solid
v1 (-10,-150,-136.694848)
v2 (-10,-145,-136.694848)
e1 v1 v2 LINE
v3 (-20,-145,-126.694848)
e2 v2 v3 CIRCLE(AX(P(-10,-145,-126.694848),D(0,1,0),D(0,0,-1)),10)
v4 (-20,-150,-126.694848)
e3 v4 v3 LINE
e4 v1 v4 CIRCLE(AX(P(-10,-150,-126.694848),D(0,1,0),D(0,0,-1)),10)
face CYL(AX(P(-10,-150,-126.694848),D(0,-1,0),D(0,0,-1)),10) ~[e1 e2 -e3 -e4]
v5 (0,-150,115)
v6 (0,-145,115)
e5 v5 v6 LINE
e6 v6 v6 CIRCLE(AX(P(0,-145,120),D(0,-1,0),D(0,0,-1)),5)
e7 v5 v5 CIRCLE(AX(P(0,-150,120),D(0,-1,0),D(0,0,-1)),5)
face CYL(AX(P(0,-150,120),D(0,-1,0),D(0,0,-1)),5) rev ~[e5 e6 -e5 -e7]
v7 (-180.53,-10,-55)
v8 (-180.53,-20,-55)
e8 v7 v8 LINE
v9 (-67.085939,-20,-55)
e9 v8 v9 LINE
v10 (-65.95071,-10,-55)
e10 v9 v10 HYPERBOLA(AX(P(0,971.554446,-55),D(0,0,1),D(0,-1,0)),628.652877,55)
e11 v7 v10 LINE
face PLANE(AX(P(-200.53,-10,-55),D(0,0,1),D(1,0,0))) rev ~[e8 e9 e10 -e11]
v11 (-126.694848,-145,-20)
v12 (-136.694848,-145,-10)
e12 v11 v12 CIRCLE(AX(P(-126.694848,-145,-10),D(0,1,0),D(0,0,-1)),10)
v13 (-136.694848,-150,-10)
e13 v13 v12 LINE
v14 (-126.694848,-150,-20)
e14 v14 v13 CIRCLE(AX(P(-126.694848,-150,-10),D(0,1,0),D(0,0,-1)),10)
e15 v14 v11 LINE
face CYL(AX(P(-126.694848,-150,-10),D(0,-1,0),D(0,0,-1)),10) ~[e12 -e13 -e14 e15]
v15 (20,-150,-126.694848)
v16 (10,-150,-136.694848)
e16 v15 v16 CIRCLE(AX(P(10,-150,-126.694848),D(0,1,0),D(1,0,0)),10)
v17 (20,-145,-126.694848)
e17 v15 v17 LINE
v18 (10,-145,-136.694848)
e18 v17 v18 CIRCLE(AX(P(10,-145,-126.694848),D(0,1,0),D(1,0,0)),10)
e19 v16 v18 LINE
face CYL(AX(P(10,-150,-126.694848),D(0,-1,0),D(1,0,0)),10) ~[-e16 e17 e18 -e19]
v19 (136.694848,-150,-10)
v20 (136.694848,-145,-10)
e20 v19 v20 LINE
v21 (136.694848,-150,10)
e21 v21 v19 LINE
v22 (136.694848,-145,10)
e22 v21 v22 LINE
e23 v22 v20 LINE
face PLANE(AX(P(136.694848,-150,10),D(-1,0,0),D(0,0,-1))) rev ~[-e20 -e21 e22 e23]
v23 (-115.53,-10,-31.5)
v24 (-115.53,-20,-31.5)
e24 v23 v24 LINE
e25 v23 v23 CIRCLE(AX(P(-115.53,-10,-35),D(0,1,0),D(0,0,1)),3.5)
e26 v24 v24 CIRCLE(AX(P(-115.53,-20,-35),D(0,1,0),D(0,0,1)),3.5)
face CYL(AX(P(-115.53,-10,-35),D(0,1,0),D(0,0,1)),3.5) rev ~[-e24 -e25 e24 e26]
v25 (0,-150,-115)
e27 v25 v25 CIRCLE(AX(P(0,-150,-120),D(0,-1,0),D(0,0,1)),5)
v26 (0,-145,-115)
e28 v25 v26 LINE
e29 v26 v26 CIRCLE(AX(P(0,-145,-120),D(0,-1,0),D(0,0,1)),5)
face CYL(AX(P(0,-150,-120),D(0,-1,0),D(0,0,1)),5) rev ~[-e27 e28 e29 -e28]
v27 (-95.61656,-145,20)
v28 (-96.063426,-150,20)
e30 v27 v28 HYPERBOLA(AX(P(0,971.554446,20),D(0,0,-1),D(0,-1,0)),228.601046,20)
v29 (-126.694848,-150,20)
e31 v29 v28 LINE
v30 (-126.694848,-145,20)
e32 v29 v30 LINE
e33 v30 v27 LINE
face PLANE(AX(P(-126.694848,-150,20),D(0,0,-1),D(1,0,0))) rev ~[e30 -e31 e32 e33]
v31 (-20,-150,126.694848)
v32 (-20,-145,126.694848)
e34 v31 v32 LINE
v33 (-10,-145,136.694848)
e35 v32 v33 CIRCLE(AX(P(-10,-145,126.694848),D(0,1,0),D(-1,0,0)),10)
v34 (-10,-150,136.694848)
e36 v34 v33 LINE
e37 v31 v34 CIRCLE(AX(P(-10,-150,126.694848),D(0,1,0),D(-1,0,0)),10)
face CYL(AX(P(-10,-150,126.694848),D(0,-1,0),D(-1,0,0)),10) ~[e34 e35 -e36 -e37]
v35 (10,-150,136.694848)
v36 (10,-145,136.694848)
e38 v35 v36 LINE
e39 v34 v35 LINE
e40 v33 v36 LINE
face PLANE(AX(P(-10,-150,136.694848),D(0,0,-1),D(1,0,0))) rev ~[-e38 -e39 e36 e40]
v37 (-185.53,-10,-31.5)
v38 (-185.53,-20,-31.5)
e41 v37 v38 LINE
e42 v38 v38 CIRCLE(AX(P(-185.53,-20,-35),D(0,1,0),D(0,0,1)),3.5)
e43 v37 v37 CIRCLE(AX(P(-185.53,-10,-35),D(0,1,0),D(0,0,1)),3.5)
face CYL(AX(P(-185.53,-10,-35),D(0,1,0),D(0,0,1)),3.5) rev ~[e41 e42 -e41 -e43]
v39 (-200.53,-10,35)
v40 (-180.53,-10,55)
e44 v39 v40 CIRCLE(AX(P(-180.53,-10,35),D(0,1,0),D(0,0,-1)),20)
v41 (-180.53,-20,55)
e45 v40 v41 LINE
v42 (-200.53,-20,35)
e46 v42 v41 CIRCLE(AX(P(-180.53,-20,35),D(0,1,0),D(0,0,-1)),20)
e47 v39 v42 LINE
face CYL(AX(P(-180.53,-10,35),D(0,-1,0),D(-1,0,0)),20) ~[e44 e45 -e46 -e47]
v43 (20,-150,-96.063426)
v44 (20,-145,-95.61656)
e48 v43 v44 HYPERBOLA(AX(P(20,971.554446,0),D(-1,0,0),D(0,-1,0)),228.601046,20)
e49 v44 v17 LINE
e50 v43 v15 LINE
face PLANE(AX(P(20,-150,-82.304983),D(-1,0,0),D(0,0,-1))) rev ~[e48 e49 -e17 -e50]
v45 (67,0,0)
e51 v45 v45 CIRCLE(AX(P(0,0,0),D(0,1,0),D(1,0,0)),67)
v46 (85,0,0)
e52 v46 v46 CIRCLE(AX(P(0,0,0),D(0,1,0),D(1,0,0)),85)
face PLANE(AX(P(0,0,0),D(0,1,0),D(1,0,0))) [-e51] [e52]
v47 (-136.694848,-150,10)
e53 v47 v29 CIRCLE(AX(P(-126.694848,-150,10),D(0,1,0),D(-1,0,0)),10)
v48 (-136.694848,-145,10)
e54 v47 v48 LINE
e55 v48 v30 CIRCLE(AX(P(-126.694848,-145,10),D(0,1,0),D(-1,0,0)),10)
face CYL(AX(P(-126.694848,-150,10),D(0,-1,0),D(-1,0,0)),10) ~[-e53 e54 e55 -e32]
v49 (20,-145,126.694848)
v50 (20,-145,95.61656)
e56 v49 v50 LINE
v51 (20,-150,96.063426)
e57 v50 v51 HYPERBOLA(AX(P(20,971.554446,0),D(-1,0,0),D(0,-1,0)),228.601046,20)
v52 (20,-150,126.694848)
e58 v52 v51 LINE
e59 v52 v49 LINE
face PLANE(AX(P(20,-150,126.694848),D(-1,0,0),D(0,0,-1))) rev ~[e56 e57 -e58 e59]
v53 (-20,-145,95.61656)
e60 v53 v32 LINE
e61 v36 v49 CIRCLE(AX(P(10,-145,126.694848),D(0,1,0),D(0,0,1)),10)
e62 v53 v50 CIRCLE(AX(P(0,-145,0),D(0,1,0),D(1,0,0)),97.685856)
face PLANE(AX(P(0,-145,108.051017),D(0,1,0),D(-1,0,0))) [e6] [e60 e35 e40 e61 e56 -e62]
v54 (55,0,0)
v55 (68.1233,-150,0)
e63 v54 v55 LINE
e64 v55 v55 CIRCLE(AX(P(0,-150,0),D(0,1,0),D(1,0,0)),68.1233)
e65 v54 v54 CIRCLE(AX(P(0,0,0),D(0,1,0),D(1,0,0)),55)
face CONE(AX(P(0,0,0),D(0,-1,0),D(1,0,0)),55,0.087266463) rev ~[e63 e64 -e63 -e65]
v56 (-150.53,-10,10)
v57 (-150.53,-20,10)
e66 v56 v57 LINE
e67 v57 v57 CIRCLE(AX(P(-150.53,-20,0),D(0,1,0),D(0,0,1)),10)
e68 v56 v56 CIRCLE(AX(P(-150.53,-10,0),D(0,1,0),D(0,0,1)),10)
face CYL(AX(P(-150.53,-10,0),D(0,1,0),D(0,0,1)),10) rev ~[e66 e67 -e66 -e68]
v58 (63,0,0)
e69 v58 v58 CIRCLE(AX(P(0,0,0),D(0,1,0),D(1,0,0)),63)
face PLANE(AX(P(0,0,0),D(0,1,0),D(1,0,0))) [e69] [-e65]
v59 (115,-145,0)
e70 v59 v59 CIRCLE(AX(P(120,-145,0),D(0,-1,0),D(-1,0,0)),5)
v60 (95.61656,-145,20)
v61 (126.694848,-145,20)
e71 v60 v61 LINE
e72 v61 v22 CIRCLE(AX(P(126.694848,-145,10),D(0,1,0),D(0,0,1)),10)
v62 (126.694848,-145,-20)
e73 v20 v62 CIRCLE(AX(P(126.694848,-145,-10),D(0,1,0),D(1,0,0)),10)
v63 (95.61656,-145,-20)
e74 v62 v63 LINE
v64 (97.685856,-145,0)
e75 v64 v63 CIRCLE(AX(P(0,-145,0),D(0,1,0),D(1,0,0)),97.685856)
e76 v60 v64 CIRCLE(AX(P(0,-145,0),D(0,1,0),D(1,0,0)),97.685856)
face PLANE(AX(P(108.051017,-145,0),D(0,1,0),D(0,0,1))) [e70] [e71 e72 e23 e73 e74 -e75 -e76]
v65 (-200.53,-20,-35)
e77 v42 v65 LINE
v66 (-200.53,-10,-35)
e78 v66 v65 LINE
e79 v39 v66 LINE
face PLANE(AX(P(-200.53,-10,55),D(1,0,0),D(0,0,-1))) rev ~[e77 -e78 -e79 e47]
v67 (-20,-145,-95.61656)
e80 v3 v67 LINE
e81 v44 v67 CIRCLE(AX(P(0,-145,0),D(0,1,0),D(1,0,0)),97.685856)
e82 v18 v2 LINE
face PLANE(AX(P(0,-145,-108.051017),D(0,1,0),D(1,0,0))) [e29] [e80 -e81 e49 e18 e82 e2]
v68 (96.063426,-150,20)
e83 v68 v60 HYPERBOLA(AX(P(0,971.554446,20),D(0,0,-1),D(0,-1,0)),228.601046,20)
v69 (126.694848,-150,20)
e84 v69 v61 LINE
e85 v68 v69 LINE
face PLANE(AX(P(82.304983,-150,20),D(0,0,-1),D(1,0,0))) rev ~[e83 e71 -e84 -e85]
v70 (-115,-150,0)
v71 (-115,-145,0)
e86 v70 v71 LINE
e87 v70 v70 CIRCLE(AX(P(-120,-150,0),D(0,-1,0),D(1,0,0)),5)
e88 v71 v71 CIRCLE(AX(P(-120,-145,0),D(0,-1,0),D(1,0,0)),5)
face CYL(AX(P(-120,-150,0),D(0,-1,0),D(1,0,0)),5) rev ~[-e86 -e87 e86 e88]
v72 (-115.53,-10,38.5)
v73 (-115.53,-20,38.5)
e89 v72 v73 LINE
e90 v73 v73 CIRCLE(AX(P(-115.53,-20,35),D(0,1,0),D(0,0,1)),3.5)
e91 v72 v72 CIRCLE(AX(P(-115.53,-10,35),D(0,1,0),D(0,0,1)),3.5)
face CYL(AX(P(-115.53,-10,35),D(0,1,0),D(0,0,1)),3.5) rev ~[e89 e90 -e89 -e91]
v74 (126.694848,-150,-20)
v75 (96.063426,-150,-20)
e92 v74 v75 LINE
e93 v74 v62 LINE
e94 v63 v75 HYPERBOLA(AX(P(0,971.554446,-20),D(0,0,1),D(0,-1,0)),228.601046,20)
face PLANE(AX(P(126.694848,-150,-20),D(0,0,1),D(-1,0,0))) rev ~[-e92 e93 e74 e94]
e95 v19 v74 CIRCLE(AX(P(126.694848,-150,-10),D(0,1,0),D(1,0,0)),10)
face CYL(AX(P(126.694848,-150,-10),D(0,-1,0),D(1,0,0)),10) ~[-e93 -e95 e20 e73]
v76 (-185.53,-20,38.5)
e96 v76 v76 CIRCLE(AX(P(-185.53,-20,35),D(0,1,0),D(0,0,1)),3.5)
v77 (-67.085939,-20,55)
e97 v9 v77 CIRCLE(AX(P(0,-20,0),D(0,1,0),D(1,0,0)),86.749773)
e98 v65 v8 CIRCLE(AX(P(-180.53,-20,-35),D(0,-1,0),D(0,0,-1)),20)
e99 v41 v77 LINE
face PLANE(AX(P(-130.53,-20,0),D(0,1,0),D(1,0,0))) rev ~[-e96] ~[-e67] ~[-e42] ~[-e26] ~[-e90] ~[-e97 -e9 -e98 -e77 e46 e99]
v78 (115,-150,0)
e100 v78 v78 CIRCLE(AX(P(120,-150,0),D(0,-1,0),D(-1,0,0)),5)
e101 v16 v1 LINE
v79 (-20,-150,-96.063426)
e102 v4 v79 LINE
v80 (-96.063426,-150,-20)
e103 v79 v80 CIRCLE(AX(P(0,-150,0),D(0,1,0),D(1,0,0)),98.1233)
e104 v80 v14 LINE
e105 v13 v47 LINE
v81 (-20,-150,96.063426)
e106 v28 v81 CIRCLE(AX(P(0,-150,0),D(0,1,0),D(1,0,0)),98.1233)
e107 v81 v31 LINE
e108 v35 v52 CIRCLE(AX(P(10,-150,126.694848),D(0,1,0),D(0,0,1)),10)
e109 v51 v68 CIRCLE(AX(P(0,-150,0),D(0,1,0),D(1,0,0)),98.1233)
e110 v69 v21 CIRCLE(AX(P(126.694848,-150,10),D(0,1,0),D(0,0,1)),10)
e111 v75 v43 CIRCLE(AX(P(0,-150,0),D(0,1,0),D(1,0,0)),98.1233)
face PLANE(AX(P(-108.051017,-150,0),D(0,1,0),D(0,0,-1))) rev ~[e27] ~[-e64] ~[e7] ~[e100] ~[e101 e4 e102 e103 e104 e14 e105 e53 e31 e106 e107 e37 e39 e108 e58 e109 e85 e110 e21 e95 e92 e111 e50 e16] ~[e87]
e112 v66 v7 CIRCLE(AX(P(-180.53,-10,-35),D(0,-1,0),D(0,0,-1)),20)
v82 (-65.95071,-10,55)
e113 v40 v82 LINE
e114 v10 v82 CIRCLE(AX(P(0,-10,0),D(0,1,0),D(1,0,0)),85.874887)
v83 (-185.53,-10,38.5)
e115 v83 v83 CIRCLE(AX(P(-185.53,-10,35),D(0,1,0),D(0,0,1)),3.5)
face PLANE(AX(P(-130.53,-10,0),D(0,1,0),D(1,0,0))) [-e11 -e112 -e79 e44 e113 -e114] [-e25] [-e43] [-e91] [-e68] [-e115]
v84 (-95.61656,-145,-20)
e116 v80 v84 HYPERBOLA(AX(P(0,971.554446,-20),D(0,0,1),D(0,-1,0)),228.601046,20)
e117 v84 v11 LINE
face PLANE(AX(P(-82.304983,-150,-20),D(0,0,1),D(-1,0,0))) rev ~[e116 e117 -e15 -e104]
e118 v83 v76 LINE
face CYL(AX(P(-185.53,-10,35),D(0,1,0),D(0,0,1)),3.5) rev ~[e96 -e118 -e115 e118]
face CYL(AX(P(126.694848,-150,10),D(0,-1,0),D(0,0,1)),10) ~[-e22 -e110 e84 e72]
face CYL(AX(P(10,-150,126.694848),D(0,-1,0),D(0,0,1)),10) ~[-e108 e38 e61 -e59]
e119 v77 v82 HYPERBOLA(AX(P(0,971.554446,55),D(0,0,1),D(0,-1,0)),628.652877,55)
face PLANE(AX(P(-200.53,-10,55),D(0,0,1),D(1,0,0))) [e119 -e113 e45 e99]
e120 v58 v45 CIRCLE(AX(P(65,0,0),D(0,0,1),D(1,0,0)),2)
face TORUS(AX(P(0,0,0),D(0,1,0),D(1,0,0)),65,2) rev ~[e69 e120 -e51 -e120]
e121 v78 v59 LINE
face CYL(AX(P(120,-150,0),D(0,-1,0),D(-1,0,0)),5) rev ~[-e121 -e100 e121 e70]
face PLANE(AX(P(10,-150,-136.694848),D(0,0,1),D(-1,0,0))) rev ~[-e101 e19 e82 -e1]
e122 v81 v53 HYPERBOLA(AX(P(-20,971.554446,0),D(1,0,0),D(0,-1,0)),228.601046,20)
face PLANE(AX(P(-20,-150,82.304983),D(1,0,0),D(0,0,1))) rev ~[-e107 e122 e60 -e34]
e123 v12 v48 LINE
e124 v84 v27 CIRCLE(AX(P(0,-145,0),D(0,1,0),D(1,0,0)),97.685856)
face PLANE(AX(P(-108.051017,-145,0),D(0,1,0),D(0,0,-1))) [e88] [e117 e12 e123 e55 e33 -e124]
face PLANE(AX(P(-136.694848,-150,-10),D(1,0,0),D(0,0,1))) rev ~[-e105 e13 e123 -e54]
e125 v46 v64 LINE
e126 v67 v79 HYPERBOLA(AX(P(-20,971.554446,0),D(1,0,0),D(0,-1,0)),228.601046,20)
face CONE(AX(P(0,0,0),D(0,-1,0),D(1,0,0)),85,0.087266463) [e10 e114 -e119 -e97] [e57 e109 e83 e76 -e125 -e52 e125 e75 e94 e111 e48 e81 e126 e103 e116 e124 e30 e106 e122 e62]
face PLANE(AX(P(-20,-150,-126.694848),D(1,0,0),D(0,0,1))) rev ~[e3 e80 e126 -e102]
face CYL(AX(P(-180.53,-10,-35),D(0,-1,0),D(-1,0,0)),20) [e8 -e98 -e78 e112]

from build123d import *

# Parameters (mm, degrees)
SKETCH1_R            = 85
BOSS_EXTRUDE1_DEPTH  = 150
BOSS_EXTRUDE1_DRAFT  = 5
CUT_SWEEP1_PROFILE_R = 2
SKETCH11_R           = 55
CUT_EXTRUDE1_DEPTH   = 150
CUT_EXTRUDE1_DRAFT   = 5
BOSS_EXTRUDE2_START  = -10
SKETCH13_W           = 140
SKETCH13_H           = 110
BOSS_EXTRUDE2_DEPTH  = 10
SKETCH14_R           = 10
CUT_EXTRUDE2_DEPTH   = 10
FILLET3_R            = 20
SKETCH15_R           = 3.5
CUT_EXTRUDE3_DEPTH   = 10
SKETCH17_R           = 5
BOSS_EXTRUDE3_DEPTH  = 5
CIRPATTERN1_COUNT    = 4


with BuildPart() as part:
    # Sketch1 → Boss-Extrude1 (with draft: the straight prism first)
    with BuildSketch(Plane(origin=(0, 0, 0), x_dir=(1, 0, 0), z_dir=(0, 1, 0))):
        Circle(SKETCH1_R)
    extrude(amount=-BOSS_EXTRUDE1_DEPTH)
    # Boss-Extrude1: the draft: its side faces are tilted about the plane it starts from
    boss_extrude1_sides = [part.faces().sort_by_distance(p)[0] for p in [
        (-85, -75, 0),
    ]]
    draft(boss_extrude1_sides, Plane(origin=(0, 0, 0), x_dir=(1, 0, 0), z_dir=(0, 1, 0)), BOSS_EXTRUDE1_DRAFT)

    # Cut-Sweep1: sweep along a path in Sketch2
    with BuildLine(Plane(origin=(0, 0, 0), x_dir=(1, 0, 0), z_dir=(0, 1, 0))) as cut_sweep1_path:
        CenterArc((0, 0), 65, 0, 360)
    # Cut-Sweep1 profile (on start of the path) → Cut-Sweep1 (sweep, cut)
    with BuildSketch(Plane(origin=(65, 0, 0), x_dir=(-1, 0, 0), z_dir=(0, 0, -1))):
        Circle(CUT_SWEEP1_PROFILE_R)
    sweep(path=cut_sweep1_path.line, mode=Mode.SUBTRACT)


with BuildPart() as cut_extrude1_tool:
    # Sketch11 → Cut-Extrude1 (with draft: the straight prism first)
    with BuildSketch(Plane(origin=(0, 0, 0), x_dir=(1, 0, 0), z_dir=(0, 1, 0))):
        Circle(SKETCH11_R)
    extrude(amount=-CUT_EXTRUDE1_DEPTH)
    # Cut-Extrude1: the draft: its side faces are tilted about the plane it starts from
    cut_extrude1_sides = [cut_extrude1_tool.faces().sort_by_distance(p)[0] for p in [
        (-55, -75, 0),
    ]]
    draft(cut_extrude1_sides, Plane(origin=(0, 0, 0), x_dir=(1, 0, 0), z_dir=(0, 1, 0)), CUT_EXTRUDE1_DRAFT)


with BuildPart() as part_1:
    add(part.part)

    # Cut-Extrude1: cut by cut_extrude1_tool
    add(cut_extrude1_tool.part, mode=Mode.SUBTRACT)

    # Sketch13 → Boss-Extrude2 (add)
    with BuildSketch(Plane(origin=(0, 0, 0), x_dir=(1, 0, 0), z_dir=(0, 1, 0)).offset(BOSS_EXTRUDE2_START)):
        with Locations((-130.53, 0)):
            Rectangle(SKETCH13_W, SKETCH13_H)
    extrude(amount=-BOSS_EXTRUDE2_DEPTH)

    # Sketch14 → Cut-Extrude2 (cut)
    with BuildSketch(Plane(origin=(0, -10, 0), x_dir=(1, 0, 0), z_dir=(0, 1, 0))):
        with Locations(Location((-150.53, 0, 0), (0, 0, 270))):
            Circle(SKETCH14_R)
    extrude(amount=-CUT_EXTRUDE2_DEPTH, mode=Mode.SUBTRACT)

    # Fillet3
    fillet3_edges = [part_1.edges().sort_by_distance(p)[0] for p in [
        (-200.53, -15, 55),
        (-200.53, -15, -55),
    ]]
    fillet(fillet3_edges, radius=FILLET3_R)

    # Sketch15 → Cut-Extrude3 (cut)
    with BuildSketch(Plane(origin=(0, -10, 0), x_dir=(1, 0, 0), z_dir=(0, 1, 0))):
        with Locations(Location((-185.53, 35, 0), (0, 0, 270))):
            Circle(SKETCH15_R)
        with Locations(Location((-115.53, 35, 0), (0, 0, 270))):
            Circle(SKETCH15_R)
        with Locations(Location((-115.53, -35, 0), (0, 0, 270))):
            Circle(SKETCH15_R)
        with Locations(Location((-185.53, -35, 0), (0, 0, 270))):
            Circle(SKETCH15_R)
    extrude(amount=-CUT_EXTRUDE3_DEPTH, mode=Mode.SUBTRACT)

    # Sketch17 → Boss-Extrude3 (add)
    with BuildSketch(Plane.XZ.offset(150)):
        with BuildLine():
            Line((-10, 136.694847673), (10, 136.694847673))
            ThreePointArc((10, 136.694847673), (17.071067812, 133.765915485), (20, 126.694847673))
            Line((20, 126.694847673), (20, 82.304982624))
            Line((20, 82.304982624), (-20, 82.304982624))
            Line((-20, 82.304982624), (-20, 126.694847673))
            ThreePointArc((-20, 126.694847673), (-17.071067812, 133.765915485), (-10, 136.694847673))
        make_face()
        with Locations(Location((0, 120, 0), (0, 0, 270))):
            Circle(SKETCH17_R, mode=Mode.SUBTRACT)
    boss_extrude3 = extrude(amount=-BOSS_EXTRUDE3_DEPTH)

    # CirPattern1: Boss-Extrude3 ×4 about axis
    cirpattern1_axis = Axis((0, 0, 0), (0, 1, 0))
    for i in range(1, CIRPATTERN1_COUNT):
        add(boss_extrude3.rotate(cirpattern1_axis, i * 360 / CIRPATTERN1_COUNT))


solid = part_1.part
